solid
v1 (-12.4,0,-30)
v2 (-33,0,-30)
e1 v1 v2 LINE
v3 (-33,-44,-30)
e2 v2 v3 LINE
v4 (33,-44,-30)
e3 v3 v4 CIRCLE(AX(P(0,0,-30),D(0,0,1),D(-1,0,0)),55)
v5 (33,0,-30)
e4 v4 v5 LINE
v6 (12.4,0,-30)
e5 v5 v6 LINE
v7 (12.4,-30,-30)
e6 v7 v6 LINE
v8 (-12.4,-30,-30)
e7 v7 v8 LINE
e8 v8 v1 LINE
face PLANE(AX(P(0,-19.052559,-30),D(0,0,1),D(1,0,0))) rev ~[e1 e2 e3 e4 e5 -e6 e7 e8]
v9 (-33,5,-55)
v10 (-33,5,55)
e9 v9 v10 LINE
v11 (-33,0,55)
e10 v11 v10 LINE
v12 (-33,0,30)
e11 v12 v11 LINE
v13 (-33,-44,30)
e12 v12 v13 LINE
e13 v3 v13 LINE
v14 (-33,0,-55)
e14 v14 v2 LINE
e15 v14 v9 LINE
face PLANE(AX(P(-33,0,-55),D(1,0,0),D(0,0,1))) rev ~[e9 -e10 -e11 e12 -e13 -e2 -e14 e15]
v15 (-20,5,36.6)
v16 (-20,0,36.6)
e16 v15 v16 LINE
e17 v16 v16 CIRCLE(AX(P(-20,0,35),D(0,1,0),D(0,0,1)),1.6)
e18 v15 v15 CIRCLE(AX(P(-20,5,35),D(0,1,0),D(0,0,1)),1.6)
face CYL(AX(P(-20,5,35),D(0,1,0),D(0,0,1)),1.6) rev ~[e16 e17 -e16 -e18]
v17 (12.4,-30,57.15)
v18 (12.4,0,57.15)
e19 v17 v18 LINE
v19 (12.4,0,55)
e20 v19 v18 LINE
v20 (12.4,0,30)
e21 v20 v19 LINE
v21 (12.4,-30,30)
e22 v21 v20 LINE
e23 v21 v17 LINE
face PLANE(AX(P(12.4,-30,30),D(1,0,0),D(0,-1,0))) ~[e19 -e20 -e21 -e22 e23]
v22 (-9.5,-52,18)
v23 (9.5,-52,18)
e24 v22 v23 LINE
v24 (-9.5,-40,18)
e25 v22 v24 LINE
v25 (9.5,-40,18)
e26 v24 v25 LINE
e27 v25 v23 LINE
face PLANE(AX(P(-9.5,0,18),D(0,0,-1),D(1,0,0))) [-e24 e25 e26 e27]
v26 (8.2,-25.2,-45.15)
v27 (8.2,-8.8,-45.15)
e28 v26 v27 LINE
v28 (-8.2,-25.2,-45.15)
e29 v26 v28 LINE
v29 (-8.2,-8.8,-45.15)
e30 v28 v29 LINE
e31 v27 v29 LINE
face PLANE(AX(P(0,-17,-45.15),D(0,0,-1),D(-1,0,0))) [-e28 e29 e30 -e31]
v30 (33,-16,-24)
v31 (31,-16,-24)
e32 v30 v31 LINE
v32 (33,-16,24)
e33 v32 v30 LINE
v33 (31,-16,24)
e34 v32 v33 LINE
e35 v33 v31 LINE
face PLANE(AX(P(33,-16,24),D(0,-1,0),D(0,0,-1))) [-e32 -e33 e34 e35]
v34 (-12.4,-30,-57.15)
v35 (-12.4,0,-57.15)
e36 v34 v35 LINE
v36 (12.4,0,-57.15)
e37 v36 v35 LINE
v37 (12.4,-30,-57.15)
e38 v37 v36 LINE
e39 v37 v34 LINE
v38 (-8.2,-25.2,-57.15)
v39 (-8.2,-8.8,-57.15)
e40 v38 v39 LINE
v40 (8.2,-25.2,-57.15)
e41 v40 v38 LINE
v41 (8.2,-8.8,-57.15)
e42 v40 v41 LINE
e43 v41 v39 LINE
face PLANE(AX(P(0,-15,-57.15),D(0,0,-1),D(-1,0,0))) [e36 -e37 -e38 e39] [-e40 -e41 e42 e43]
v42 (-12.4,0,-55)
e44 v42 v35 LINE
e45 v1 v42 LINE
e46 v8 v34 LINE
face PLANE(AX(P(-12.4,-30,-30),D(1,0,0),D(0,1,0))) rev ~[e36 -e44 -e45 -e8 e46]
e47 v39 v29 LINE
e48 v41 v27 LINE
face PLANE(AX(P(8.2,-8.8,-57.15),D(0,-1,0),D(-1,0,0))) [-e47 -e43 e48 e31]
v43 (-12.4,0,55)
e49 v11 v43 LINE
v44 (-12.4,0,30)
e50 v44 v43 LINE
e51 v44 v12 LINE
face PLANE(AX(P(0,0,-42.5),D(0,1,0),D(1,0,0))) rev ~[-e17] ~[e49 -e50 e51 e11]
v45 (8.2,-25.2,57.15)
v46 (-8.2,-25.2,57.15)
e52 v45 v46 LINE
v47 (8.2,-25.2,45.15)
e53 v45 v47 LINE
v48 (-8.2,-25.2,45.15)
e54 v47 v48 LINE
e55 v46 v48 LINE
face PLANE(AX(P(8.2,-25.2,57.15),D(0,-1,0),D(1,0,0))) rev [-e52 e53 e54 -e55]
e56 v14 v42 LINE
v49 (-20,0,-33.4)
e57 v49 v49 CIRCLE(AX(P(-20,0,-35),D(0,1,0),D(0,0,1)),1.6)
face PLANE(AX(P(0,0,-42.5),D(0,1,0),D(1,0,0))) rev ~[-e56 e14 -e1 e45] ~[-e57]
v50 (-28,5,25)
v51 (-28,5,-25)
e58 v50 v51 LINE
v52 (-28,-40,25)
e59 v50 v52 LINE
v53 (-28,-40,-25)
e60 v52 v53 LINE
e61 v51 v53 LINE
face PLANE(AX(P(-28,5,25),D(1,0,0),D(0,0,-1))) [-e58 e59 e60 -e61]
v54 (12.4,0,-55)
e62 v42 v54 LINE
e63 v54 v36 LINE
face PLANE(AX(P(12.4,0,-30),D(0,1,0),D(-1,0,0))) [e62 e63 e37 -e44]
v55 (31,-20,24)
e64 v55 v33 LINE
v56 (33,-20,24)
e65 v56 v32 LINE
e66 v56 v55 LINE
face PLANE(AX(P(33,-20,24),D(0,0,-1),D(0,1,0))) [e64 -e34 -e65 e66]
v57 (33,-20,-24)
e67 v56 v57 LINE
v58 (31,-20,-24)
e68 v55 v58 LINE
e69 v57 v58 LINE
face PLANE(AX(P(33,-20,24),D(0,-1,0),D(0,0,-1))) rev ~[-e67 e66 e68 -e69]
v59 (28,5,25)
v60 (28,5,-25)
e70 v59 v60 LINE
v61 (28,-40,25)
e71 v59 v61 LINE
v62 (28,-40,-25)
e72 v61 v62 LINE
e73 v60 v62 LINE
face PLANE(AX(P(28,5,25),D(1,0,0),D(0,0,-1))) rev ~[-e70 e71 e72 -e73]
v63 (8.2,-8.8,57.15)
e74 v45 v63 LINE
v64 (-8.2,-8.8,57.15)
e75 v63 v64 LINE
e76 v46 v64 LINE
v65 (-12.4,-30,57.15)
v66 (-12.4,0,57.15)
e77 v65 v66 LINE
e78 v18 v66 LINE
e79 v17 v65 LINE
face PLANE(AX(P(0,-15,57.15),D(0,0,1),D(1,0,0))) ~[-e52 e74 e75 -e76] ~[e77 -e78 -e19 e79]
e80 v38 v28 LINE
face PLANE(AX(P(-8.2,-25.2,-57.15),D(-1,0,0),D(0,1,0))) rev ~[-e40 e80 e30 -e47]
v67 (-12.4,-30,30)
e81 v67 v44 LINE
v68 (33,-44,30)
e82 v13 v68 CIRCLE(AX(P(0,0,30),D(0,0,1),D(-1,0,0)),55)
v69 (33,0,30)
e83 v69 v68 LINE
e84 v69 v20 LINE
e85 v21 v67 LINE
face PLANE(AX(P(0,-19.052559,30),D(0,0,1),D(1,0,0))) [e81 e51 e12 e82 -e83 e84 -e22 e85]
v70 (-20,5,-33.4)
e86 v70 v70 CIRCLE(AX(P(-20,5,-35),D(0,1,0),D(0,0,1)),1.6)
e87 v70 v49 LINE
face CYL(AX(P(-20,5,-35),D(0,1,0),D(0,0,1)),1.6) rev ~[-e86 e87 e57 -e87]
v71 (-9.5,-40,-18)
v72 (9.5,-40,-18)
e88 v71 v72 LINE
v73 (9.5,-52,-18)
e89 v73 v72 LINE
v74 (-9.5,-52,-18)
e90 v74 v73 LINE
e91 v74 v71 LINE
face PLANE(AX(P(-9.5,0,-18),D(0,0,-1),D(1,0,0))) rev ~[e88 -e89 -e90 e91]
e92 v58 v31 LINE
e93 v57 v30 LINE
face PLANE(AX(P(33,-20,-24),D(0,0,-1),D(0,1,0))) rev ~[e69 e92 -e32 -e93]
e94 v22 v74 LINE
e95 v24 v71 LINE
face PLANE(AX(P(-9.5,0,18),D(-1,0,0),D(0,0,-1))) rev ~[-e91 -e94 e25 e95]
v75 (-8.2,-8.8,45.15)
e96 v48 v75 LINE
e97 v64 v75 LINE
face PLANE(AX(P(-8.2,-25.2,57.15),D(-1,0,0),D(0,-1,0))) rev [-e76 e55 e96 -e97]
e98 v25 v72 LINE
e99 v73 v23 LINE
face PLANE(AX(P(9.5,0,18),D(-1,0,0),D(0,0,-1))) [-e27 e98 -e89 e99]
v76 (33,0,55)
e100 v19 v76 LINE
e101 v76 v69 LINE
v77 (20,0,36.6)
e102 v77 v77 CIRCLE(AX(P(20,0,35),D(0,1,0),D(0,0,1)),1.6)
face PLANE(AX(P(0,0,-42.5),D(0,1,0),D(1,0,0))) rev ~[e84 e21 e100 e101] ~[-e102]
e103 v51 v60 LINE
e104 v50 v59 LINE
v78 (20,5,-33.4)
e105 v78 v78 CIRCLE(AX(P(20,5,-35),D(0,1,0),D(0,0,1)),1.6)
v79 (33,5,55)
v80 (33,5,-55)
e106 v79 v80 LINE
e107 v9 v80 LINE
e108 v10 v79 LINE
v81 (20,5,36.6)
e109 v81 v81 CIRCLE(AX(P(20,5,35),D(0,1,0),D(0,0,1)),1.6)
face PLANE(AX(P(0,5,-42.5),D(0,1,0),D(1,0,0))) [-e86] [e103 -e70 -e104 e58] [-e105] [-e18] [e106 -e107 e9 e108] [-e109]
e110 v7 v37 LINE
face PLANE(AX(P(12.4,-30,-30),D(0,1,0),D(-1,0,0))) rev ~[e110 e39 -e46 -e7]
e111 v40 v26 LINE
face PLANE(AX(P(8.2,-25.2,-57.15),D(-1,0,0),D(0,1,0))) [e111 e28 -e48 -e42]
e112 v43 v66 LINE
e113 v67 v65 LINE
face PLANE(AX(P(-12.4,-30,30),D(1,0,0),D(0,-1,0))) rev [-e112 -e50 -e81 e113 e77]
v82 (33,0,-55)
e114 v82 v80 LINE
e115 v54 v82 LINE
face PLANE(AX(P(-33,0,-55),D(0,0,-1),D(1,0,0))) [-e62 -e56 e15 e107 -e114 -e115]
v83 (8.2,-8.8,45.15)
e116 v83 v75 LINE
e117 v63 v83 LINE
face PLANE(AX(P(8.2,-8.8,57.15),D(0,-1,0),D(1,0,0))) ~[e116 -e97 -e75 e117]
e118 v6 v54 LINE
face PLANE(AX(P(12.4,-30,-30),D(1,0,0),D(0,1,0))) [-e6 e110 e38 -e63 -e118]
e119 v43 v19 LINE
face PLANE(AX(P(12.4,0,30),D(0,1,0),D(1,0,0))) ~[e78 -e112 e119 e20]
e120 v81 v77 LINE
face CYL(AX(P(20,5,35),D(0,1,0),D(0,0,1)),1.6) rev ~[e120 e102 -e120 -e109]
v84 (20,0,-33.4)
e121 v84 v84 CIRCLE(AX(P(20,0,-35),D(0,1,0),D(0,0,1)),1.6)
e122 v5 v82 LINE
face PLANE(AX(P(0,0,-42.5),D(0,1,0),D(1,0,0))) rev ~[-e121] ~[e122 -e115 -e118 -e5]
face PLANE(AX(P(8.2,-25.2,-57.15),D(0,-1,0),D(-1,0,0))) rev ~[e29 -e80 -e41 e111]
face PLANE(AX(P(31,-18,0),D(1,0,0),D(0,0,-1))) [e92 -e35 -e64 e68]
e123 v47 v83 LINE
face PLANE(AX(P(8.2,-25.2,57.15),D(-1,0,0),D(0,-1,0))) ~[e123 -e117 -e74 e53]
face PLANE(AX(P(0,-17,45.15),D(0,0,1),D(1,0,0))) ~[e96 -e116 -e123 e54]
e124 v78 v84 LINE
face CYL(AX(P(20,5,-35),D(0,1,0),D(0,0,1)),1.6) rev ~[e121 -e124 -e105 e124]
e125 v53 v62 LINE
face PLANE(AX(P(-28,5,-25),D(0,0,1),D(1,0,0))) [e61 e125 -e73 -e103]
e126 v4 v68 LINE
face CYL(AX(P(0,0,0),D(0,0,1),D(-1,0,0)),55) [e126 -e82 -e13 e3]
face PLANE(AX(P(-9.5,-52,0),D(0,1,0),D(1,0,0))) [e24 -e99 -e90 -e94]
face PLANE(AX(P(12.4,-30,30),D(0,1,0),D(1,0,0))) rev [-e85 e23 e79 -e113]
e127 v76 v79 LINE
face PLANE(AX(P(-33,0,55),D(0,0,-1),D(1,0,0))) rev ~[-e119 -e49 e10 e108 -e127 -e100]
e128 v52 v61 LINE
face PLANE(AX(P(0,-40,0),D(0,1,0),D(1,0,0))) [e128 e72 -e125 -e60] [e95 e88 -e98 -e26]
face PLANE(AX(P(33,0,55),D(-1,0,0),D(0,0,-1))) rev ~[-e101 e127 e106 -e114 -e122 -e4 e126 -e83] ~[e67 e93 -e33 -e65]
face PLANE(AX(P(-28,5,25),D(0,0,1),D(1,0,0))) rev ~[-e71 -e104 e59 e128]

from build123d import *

# Parameters (mm, degrees)
BOSS_EXTRUDE1_DEPTH      = 30
BOSS_EXTRUDE1_DEPTH_BACK = 30
CUT_EXTRUDE1_DEPTH       = 18
CUT_EXTRUDE1_DEPTH_BACK  = 18
SKETCH2_W                = 19
SKETCH2_H                = 52
SKETCH3_W                = 21.854352608
SKETCH3_H                = 45
CUT_EXTRUDE2_DEPTH       = 99.234413522
SKETCH4_R                = 1.6
CUT_EXTRUDE3_DEPTH       = 84.366660003
SKETCH6_W                = 48
SKETCH6_H                = 4
CUT_EXTRUDE5_DEPTH       = 2
SKETCH9_W                = 22
SKETCH9_H                = 60
CUT_EXTRUDE7_DEPTH       = 84.366660003
SKETCH10_W               = 66
SKETCH10_H               = 110
SKETCH10_W_2             = 19
SKETCH10_H_2             = 36
BOSS_EXTRUDE2_DEPTH      = 5
SKETCH11_R               = 1.6
CUT_EXTRUDE8_DEPTH       = 88.82938005
SKETCH13_W               = 24.8
SKETCH13_H               = 30
BOSS_EXTRUDE3_DEPTH      = 27.15
SKETCH14_W               = 16.4
SKETCH14_H               = 16.4
CUT_EXTRUDE9_DEPTH       = 12
SKETCH15_W               = 56
SKETCH15_H               = 50
CUT_EXTRUDE10_DEPTH      = 45


with BuildPart() as part:
    # Sketch1 → Boss-Extrude1 (new, two sides: drawn at the far end of the back side and taken through both)
    with BuildSketch(Plane.XY.offset(-BOSS_EXTRUDE1_DEPTH_BACK)):
        with BuildLine():
            Line((55, 0), (0, 0))
            Line((0, 0), (-55, 0))
            ThreePointArc((-55, 0), (0, -55), (55, 0))
        make_face()
    extrude(amount=BOSS_EXTRUDE1_DEPTH + BOSS_EXTRUDE1_DEPTH_BACK)

    # Sketch2 → Cut-Extrude1 (cut, two sides: drawn at the far end of the back side and taken through both)
    with BuildSketch(Plane.XY.offset(-CUT_EXTRUDE1_DEPTH_BACK)):
        with Locations((0, -26)):
            Rectangle(SKETCH2_W, SKETCH2_H)
    extrude(amount=CUT_EXTRUDE1_DEPTH + CUT_EXTRUDE1_DEPTH_BACK, mode=Mode.SUBTRACT)

    # Sketch3 → Cut-Extrude2 (cut, through all)
    with BuildSketch(Plane.XY.offset(30)):
        with Locations((-43.927176304, -26.5)):
            Rectangle(SKETCH3_W, SKETCH3_H)
        with Locations((43.927176304, -26.5)):
            Rectangle(SKETCH3_W, SKETCH3_H)
    extrude(amount=-CUT_EXTRUDE2_DEPTH, mode=Mode.SUBTRACT)

    # Sketch4 → Cut-Extrude3 (cut, through all)
    with BuildSketch(Plane(origin=(0, 0, 0), x_dir=(1, 0, 0), z_dir=(0, 1, 0))):
        with Locations((45, 20)):
            Circle(SKETCH4_R)
        with Locations((45, -20)):
            Circle(SKETCH4_R)
        with Locations((-45, -20)):
            Circle(SKETCH4_R)
        with Locations((-45, 20)):
            Circle(SKETCH4_R)
    extrude(amount=-CUT_EXTRUDE3_DEPTH, mode=Mode.SUBTRACT)

    # Sketch6 → Cut-Extrude5 (cut)
    with BuildSketch(Plane(origin=(33, 0, 0), x_dir=(0, 0, -1), z_dir=(1, 0, 0))):
        with Locations((0, -18)):
            Rectangle(SKETCH6_W, SKETCH6_H)
    extrude(amount=-CUT_EXTRUDE5_DEPTH, mode=Mode.SUBTRACT)

    # Sketch9 → Cut-Extrude7 (cut, through all)
    with BuildSketch(Plane(origin=(0, 0, 0), x_dir=(1, 0, 0), z_dir=(0, 1, 0))):
        with Locations((-44, 0)):
            Rectangle(SKETCH9_W, SKETCH9_H)
        with Locations((44, 0)):
            Rectangle(SKETCH9_W, SKETCH9_H)
    extrude(amount=-CUT_EXTRUDE7_DEPTH, mode=Mode.SUBTRACT)

    # Sketch10 → Boss-Extrude2 (add)
    with BuildSketch(Plane(origin=(0, 0, 0), x_dir=(1, 0, 0), z_dir=(0, 1, 0))):
        Rectangle(SKETCH10_W, SKETCH10_H)
        Rectangle(SKETCH10_W_2, SKETCH10_H_2, mode=Mode.SUBTRACT)
    extrude(amount=BOSS_EXTRUDE2_DEPTH)

    # Sketch11 → Cut-Extrude8 (cut, through all)
    with BuildSketch(Plane(origin=(0, 5, 0), x_dir=(1, 0, 0), z_dir=(0, 1, 0))):
        with Locations((-20, 35)):
            Circle(SKETCH11_R)
        with Locations((20, 35)):
            Circle(SKETCH11_R)
        with Locations((-20, -35)):
            Circle(SKETCH11_R)
        with Locations((20, -35)):
            Circle(SKETCH11_R)
    extrude(amount=-CUT_EXTRUDE8_DEPTH, mode=Mode.SUBTRACT)

    # Sketch13 → Boss-Extrude3 (add)
    with BuildSketch(Plane(origin=(0, 0, -30), x_dir=(-1, 0, 0), z_dir=(0, 0, -1))):
        with Locations((0, -15)):
            Rectangle(SKETCH13_W, SKETCH13_H)
    boss_extrude3 = extrude(amount=BOSS_EXTRUDE3_DEPTH)

    # Sketch14 → Cut-Extrude9 (cut)
    with BuildSketch(Plane(origin=(0, 0, -57.15), x_dir=(-1, 0, 0), z_dir=(0, 0, -1))):
        with Locations((0, -17)):
            Rectangle(SKETCH14_W, SKETCH14_H)
    cut_extrude9 = extrude(amount=-CUT_EXTRUDE9_DEPTH, mode=Mode.SUBTRACT)

    # Mirror2: Boss-Extrude3 across plane
    add(boss_extrude3.mirror(Plane(origin=(0, 0, 0), x_dir=(1, 0, 0), z_dir=(0, 0, -1))))

    # Mirror3: Cut-Extrude9 across plane
    add(cut_extrude9.mirror(Plane(origin=(0, 0, 0), x_dir=(1, 0, 0), z_dir=(0, 0, -1))), mode=Mode.SUBTRACT)

    # Sketch15 → Cut-Extrude10 (cut)
    with BuildSketch(Plane(origin=(0, 5, 0), x_dir=(1, 0, 0), z_dir=(0, 1, 0))):
        Rectangle(SKETCH15_W, SKETCH15_H)
    extrude(amount=-CUT_EXTRUDE10_DEPTH, mode=Mode.SUBTRACT)


solid = part.part
